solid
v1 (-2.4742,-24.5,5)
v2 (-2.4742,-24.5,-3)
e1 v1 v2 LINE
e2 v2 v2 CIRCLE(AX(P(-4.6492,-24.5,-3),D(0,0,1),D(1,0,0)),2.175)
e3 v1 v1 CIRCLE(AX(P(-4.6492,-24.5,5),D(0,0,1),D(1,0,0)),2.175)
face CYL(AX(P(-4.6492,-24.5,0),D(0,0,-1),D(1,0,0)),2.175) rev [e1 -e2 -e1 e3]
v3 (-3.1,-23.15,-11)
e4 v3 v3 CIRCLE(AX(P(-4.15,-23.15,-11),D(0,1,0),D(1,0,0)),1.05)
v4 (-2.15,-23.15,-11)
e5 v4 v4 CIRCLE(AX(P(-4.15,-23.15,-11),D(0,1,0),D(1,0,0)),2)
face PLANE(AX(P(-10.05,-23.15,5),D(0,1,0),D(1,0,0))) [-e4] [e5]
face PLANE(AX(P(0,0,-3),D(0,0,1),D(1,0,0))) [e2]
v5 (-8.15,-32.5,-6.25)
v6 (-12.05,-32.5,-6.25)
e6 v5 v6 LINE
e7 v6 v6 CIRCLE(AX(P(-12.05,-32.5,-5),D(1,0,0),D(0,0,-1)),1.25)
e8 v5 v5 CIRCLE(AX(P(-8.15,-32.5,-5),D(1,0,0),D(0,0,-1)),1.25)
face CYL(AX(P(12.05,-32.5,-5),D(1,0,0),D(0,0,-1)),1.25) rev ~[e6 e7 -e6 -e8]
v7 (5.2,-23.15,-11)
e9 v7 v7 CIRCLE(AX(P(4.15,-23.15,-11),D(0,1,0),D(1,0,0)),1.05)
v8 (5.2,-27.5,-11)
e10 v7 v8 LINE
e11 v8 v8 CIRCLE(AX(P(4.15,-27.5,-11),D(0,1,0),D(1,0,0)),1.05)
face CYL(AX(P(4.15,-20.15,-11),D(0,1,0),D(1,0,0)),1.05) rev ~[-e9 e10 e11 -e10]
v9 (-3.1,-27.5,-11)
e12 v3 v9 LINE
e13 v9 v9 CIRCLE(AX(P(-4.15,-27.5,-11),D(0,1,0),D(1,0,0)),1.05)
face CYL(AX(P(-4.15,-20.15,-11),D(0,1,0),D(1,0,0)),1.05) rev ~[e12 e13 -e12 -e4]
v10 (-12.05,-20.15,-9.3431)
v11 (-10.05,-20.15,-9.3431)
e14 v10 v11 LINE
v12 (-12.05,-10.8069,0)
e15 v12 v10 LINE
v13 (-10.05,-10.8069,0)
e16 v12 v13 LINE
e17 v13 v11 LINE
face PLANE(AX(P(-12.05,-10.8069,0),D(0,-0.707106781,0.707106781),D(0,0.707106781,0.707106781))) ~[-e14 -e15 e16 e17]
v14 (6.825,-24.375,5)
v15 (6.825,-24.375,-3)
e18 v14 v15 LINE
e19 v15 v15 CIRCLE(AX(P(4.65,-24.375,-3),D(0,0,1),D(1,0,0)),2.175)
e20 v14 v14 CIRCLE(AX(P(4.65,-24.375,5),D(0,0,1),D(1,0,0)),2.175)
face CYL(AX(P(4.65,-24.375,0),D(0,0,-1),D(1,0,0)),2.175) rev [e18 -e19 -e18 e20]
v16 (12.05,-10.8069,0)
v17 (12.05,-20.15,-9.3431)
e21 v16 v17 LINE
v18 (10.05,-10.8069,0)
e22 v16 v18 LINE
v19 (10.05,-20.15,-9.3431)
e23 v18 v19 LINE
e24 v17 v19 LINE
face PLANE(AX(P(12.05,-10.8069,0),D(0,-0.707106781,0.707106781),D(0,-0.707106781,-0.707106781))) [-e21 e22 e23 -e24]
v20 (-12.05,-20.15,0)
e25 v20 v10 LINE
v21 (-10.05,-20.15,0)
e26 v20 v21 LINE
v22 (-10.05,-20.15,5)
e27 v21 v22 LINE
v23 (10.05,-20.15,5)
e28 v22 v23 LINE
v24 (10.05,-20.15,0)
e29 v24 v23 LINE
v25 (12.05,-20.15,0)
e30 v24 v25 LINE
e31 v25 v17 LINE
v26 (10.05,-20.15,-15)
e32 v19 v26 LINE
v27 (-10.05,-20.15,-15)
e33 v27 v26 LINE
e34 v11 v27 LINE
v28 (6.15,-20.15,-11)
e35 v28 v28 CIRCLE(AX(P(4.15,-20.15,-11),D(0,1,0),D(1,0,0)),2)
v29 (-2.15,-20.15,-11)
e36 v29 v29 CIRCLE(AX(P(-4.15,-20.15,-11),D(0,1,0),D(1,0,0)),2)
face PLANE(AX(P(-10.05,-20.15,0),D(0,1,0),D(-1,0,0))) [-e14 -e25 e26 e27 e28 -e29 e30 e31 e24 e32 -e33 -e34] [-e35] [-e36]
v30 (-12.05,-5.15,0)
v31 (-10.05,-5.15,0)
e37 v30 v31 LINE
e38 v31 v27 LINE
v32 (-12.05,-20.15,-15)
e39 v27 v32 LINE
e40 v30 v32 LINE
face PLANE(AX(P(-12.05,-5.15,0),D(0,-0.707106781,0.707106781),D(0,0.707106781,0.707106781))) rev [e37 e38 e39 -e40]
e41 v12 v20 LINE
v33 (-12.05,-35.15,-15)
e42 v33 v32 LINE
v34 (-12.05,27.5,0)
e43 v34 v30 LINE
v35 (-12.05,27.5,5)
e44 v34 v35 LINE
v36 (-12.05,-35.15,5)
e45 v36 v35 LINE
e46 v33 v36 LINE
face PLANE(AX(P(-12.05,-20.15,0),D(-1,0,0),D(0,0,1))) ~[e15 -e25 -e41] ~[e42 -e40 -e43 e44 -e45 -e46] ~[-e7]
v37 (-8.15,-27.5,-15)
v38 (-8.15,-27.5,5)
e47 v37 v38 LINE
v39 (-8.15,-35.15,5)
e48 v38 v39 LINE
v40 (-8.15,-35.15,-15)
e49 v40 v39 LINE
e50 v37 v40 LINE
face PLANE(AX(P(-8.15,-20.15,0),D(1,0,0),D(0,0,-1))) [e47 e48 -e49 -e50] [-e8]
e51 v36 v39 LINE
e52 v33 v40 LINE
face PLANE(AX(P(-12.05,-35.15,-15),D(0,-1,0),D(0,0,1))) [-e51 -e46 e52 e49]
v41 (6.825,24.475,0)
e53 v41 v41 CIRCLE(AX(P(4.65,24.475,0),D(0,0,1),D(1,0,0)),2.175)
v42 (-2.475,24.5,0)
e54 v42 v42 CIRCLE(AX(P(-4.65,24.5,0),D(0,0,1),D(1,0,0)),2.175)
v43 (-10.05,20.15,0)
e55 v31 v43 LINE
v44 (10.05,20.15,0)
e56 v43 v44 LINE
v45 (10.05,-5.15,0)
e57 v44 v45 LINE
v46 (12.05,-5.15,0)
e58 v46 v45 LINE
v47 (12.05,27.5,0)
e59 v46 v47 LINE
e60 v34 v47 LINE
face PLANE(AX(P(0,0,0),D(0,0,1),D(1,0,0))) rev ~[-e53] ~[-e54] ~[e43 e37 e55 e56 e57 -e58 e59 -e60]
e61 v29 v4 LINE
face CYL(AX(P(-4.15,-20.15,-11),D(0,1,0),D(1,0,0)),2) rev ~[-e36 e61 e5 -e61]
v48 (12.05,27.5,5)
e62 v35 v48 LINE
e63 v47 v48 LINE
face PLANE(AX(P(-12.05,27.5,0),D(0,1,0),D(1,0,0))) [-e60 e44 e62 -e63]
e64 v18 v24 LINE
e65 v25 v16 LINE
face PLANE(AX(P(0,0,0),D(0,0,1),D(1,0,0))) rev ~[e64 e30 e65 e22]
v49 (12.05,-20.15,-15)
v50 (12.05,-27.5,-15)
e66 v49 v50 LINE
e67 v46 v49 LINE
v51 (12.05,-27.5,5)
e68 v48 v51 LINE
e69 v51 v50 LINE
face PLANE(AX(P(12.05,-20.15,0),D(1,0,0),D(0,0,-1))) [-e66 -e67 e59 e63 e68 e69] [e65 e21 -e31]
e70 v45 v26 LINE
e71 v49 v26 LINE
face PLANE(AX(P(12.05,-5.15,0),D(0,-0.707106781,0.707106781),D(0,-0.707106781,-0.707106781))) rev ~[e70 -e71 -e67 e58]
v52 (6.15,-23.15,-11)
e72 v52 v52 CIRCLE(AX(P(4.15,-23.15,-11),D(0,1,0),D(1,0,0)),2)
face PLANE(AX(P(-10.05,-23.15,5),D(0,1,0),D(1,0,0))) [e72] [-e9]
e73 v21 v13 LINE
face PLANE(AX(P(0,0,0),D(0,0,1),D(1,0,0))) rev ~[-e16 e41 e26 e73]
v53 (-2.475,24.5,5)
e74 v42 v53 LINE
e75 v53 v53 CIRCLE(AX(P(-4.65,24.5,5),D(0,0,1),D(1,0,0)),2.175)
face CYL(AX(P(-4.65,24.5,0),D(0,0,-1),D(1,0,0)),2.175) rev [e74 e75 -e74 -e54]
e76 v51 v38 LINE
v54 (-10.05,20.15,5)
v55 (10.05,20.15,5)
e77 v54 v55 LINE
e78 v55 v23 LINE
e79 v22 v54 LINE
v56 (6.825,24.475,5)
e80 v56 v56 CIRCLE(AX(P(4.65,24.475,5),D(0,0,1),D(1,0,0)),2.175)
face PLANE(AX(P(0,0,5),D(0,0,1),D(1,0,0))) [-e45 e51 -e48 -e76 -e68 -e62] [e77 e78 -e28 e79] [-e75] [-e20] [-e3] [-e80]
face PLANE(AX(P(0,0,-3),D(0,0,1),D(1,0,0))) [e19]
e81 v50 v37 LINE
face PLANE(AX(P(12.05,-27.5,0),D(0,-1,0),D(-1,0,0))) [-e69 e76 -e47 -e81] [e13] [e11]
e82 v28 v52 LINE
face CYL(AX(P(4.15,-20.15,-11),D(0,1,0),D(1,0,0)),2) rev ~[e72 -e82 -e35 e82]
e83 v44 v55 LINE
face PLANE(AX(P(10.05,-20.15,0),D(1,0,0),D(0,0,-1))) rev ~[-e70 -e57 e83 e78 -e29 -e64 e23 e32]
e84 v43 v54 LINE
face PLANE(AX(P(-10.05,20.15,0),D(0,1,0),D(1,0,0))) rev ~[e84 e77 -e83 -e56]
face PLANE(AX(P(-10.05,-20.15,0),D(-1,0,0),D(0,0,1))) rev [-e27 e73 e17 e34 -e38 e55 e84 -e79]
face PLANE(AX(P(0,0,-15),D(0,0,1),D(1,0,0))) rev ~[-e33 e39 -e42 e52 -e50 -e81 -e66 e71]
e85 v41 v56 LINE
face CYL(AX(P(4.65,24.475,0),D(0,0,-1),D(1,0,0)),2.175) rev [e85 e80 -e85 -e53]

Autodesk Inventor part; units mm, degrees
ref_plane "YZ Plane" through (0, 0, 0) normal (1, 0, 0) x (0, 1, 0)
ref_plane "XZ Plane" through (0, 0, 0) normal (0, 1, 0) x (-1, 0, 0)
sketch "Sketch1" plane through (0, 0, 0) normal (0, 0, 1) x (1, 0, 0)
  line L0 (-12.05, 27.5) -> (12.05, 27.5)
  line L1 (12.05, 27.5) -> (12.05, -27.5)
  line L2 (12.05, -27.5) -> (-12.05, -27.5)
  line L3 (-12.05, -27.5) -> (-12.05, 27.5)
  line L4 (-10.05, 20.15) -> (10.05, 20.15)
  line L5 (10.05, 20.15) -> (10.05, -20.15)
  line L6 (10.05, -20.15) -> (-10.05, -20.15)
  line L7 (-10.05, -20.15) -> (-10.05, 20.15)
  line L8 (0, 0) -> (0, 17.7516) construction
  line L9 (0, 0) -> (17.0454, 0) construction
  line L10 (-12.05, -27.5) -> (12.05, -27.5)
  line L11 (12.05, -27.5) -> (12.05, -20.15)
  line L12 (12.05, -20.15) -> (-12.05, -20.15)
  line L13 (-12.05, -20.15) -> (-12.05, -27.5)
  circle A0 centre (-4.65, 24.5) radius 2.175
  circle A1 centre (4.65, 24.475) radius 2.175
  circle A2 centre (-4.6492, -24.5) radius 2.175
  circle A3 centre (4.65, -24.375) radius 2.175
  point P0 (12.05, -23.825)
  dimension "d0" = 40.3
  dimension "d1" = 20.1
  dimension "d2" = 55
  dimension "d3" = 24.1
  dimension "d4" = 4.35
  dimension "d5" = 4.325
  dimension "d6" = 4.35
  dimension "d8" = 4.35
  dimension "d9" = 5.4
  dimension "d13" = 5.4
  dimension "d28" = 48.85
  dimension "d29" = 9.3
  dimension "d30" = 9.3
extrude "Extrusion1" add sketch "Sketch1" along normal blind 5 contours L0 L1 L12 L5 L4 L7 L3 | L12 L6 L1 L2 L3
extrude "Extrusion2" add sketch "Sketch1" against normal blind 15 contours L12 L6 L1 L2 L3 | A2 | A3
extrude "Extrusion3" cut sketch "Sketch1" against normal blind 3 contours A2 | A3
sketch "Sketch2" plane through (-10.05, -20.15, 5) normal (0, 1, 0) x (1, 0, 0)
  circle A0 centre (5.9, 16) radius 1.05
  circle A1 centre (14.2, 16) radius 1.05
  line L0 (0, 0) -> (20.1, 0) construction
  line L1 (10.05, 0) -> (10.05, 23.167) construction
  line L2 (-2, 20) -> (22.1, 20) projected
  circle A2 centre (14.2, 16) radius 2
  circle A3 centre (5.9, 16) radius 2
  point P0 (10.05, 5)
  dimension "d20" = 2.1
  dimension "d21" = 8.3
  dimension "d22" = 4
  dimension "d23" = 4
extrude "Extrusion4" cut sketch "Sketch2" against normal blind 10 contours A0 | A1
extrude "Extrusion5" cut sketch "Sketch2" against normal blind 3 contours A0 | A1 | A2 | A3
sketch "Sketch3" plane through (12.05, -20.15, 0) normal (1, 0, 0) x (0, 0, -1)
  line L0 (0, 47.65) -> (-5, 47.65) construction
  line L1 (-5, 47.65) -> (38.6712, 47.65) construction
  line L2 (0, 0) -> (-5, 0) construction
  line L3 (-5, 0) -> (38.6712, 0) construction
  line L4 (0, 15) -> (15, 0)
  line L5 (0, 15) -> (0, 9.3431)
  line L6 (0, 9.3431) -> (9.3431, 0)
  line L7 (9.3431, 0) -> (15, 0)
  line L8 (15, 0) -> (15, -7.35) construction
  line L9 (15, -0.9137) -> (15, 2.4866) construction
  line L10 (-5, 0) -> (15, 0)
  line L11 (15, 0) -> (15, -15)
  line L12 (15, -15) -> (-5, -15)
  line L13 (-5, -15) -> (-5, 0)
  circle A0 centre (5, -12.35) radius 1.25
  line L14 (0, 0) -> (0, 47.65) projected
  line L15 (0, 47.65) -> (0, 0) projected
  line L16 (0, 0) -> (15, 0) projected
  line L17 (15, -7.35) -> (15, 0) projected
  line L18 (15, -7.35) -> (-5, -7.35) projected
  line L19 (-5, 47.65) -> (-5, -7.35) projected
  line L20 (0, 47.65) -> (-5, 47.65) projected
  point P0 (0, 20.15)
  dimension "d31" = 4
  dimension "d34" = 15
  dimension "d39" = 2.5
  dimension "d41" = 10
  dimension "d44" = 45
  dimension "d46" = 5
ref_plane "Work Plane1" through (0, -20.15, 0) normal (-1, 0, 0) x (0, 0, 1)
extrude "Extrusion6" add sketch "Sketch3" against normal up to surface (2 mm away) contours L4 L7 L6 L5
mirror "Mirror1" about plane through (0, -20.15, 0) normal (-1, 0, 0) of "Extrusion6"
extrude "Extrusion7" add sketch "Sketch3" along normal blind 3.9 from surface at -24.1 contours L11 L18 L13 L10 L7 | L11 L12 L13 L18 | A0
extrude "Extrusion8" cut sketch "Sketch3" against normal blind 35.65 contours A0
equation "\"d8\" = d6"
equation "\"d13\" = d9"
properties part number "BIGServoHolder"
